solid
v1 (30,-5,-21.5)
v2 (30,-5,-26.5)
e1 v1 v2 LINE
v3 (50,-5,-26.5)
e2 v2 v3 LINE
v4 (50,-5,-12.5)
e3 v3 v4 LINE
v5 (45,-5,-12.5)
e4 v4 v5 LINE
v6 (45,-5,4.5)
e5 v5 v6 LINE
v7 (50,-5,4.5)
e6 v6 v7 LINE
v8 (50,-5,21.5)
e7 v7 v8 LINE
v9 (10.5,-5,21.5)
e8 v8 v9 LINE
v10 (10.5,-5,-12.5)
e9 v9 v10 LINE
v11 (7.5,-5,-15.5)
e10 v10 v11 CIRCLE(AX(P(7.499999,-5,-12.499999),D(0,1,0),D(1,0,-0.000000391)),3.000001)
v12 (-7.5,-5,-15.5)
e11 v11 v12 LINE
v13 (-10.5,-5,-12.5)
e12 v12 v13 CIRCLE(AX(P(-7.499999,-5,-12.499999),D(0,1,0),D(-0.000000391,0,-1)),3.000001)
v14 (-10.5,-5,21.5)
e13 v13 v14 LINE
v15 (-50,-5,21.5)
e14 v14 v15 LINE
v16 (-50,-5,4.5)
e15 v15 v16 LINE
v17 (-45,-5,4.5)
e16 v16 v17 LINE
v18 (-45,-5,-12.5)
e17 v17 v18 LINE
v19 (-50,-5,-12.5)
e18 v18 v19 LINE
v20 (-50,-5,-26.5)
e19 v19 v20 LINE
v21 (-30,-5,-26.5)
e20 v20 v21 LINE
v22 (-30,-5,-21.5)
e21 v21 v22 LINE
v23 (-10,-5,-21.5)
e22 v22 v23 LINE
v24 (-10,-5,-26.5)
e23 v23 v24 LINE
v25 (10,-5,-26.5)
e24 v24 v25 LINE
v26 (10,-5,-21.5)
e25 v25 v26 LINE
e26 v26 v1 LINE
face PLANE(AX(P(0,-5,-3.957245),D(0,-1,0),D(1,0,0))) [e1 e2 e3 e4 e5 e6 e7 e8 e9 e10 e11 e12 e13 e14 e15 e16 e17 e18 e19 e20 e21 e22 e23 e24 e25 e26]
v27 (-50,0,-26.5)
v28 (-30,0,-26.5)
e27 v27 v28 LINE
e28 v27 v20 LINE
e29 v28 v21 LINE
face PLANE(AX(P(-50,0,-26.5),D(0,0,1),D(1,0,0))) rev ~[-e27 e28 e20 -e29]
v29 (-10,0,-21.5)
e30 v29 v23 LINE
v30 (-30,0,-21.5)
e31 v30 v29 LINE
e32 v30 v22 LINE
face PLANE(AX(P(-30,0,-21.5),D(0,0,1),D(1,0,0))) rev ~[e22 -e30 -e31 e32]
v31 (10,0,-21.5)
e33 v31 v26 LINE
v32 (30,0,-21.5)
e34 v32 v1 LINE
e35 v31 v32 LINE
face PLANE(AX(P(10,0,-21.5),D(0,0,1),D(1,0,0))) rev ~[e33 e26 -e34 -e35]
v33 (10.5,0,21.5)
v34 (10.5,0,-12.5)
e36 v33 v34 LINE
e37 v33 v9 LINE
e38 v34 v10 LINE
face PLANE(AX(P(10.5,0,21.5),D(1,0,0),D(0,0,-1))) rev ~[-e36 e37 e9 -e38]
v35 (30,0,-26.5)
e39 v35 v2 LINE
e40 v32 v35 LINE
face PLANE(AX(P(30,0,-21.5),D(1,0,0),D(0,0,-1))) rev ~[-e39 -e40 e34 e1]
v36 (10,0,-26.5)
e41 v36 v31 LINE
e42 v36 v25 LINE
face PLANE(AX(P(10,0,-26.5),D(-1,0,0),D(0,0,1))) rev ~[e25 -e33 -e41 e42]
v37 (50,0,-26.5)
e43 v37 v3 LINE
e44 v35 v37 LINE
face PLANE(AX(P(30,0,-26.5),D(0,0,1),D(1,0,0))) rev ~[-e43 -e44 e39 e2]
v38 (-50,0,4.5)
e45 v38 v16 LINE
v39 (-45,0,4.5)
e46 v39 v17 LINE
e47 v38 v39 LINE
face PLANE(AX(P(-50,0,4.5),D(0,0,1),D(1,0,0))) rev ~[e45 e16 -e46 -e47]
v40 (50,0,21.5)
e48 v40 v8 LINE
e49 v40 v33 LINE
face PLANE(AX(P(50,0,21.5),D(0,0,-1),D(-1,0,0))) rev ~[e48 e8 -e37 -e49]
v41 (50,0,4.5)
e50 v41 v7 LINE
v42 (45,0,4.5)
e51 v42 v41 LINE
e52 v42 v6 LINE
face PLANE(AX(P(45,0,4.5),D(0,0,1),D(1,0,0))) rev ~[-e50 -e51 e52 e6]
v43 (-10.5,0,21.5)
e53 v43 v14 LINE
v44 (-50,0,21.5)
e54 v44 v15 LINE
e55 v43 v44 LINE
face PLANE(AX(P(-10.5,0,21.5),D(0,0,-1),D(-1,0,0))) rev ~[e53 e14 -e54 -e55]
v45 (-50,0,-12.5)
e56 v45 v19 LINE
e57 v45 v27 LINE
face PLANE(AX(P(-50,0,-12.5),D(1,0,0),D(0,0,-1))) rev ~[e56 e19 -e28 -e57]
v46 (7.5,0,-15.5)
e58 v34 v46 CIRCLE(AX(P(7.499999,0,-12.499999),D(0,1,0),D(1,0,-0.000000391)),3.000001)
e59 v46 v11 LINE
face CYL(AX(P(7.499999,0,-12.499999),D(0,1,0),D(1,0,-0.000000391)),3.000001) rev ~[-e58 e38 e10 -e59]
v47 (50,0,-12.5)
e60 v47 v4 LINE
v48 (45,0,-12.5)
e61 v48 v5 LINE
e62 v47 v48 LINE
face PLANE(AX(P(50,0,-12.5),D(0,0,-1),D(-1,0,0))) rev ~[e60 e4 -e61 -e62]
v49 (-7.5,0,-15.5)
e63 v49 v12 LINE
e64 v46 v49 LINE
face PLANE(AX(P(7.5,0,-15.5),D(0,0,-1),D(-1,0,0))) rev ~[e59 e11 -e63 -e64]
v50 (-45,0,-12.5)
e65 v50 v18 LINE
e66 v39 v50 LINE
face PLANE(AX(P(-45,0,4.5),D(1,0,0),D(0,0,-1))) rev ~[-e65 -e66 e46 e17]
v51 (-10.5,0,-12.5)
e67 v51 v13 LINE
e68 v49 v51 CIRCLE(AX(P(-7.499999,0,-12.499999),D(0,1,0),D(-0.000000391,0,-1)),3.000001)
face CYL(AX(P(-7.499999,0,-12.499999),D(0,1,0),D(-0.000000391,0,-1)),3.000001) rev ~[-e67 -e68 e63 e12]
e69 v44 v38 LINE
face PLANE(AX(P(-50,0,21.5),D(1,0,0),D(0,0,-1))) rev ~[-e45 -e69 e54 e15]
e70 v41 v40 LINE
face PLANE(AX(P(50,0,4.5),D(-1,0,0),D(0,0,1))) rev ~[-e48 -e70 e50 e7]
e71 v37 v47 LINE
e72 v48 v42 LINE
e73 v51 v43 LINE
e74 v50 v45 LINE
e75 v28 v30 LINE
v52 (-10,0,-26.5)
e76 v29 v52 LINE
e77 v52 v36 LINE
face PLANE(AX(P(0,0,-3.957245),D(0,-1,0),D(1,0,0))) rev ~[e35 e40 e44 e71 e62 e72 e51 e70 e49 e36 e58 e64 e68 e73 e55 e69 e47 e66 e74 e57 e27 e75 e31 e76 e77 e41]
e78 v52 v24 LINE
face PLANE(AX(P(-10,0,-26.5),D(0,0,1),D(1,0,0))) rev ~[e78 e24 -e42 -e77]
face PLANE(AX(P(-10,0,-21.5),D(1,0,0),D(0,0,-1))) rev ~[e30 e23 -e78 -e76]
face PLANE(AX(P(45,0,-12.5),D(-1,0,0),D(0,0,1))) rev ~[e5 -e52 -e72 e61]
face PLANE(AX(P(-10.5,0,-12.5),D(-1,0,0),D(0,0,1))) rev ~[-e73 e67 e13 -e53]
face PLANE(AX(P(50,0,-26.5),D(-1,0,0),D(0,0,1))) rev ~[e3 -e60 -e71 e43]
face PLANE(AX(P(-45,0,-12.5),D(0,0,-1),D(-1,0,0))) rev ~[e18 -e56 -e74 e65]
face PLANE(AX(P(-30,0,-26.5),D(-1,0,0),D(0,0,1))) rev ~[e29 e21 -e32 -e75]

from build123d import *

# Parameters (mm, degrees)
F1_DEPTH = 5


with BuildPart() as f1:
    # F0 (on Front) → F1 (new body)
    with BuildSketch(Plane.XZ):
        with BuildLine():
            Line((50, 21.5), (45, 21.5))
            Line((45, 21.5), (10.5, 21.5))
            Line((10.5, 21.5), (10.5, -12.5))
            ThreePointArc((10.5, -12.5), (9.62132, -14.62132), (7.5, -15.5))
            Line((7.5, -15.5), (-7.5, -15.5))
            ThreePointArc((-7.5, -15.5), (-9.62132, -14.62132), (-10.5, -12.5))
            Line((-10.5, -12.5), (-10.5, 21.5))
            Line((-10.5, 21.5), (-45, 21.5))
            Line((-45, 21.5), (-50, 21.5))
            Line((-50, 21.5), (-50, 4.5))
            Line((-50, 4.5), (-45, 4.5))
            Line((-45, 4.5), (-45, -12.5))
            Line((-45, -12.5), (-50, -12.5))
            Line((-50, -12.5), (-50, -23))
            Line((-50, -23), (-50, -26.5))
            Line((-50, -26.5), (-45, -26.5))
            Line((-45, -26.5), (-30, -26.5))
            Line((-30, -26.5), (-30, -21.5))
            Line((-30, -21.5), (-10, -21.5))
            Line((-10, -21.5), (-10, -26.5))
            Line((-10, -26.5), (10, -26.5))
            Line((10, -26.5), (10, -21.5))
            Line((10, -21.5), (30, -21.5))
            Line((30, -21.5), (30, -26.5))
            Line((30, -26.5), (50, -26.5))
            Line((50, -26.5), (50, -23))
            Line((50, -23), (50, -12.5))
            Line((50, -12.5), (45, -12.5))
            Line((45, -12.5), (45, 4.5))
            Line((45, 4.5), (50, 4.5))
            Line((50, 4.5), (50, 21.5))
        make_face()
    extrude(amount=F1_DEPTH)


solid = f1.part
